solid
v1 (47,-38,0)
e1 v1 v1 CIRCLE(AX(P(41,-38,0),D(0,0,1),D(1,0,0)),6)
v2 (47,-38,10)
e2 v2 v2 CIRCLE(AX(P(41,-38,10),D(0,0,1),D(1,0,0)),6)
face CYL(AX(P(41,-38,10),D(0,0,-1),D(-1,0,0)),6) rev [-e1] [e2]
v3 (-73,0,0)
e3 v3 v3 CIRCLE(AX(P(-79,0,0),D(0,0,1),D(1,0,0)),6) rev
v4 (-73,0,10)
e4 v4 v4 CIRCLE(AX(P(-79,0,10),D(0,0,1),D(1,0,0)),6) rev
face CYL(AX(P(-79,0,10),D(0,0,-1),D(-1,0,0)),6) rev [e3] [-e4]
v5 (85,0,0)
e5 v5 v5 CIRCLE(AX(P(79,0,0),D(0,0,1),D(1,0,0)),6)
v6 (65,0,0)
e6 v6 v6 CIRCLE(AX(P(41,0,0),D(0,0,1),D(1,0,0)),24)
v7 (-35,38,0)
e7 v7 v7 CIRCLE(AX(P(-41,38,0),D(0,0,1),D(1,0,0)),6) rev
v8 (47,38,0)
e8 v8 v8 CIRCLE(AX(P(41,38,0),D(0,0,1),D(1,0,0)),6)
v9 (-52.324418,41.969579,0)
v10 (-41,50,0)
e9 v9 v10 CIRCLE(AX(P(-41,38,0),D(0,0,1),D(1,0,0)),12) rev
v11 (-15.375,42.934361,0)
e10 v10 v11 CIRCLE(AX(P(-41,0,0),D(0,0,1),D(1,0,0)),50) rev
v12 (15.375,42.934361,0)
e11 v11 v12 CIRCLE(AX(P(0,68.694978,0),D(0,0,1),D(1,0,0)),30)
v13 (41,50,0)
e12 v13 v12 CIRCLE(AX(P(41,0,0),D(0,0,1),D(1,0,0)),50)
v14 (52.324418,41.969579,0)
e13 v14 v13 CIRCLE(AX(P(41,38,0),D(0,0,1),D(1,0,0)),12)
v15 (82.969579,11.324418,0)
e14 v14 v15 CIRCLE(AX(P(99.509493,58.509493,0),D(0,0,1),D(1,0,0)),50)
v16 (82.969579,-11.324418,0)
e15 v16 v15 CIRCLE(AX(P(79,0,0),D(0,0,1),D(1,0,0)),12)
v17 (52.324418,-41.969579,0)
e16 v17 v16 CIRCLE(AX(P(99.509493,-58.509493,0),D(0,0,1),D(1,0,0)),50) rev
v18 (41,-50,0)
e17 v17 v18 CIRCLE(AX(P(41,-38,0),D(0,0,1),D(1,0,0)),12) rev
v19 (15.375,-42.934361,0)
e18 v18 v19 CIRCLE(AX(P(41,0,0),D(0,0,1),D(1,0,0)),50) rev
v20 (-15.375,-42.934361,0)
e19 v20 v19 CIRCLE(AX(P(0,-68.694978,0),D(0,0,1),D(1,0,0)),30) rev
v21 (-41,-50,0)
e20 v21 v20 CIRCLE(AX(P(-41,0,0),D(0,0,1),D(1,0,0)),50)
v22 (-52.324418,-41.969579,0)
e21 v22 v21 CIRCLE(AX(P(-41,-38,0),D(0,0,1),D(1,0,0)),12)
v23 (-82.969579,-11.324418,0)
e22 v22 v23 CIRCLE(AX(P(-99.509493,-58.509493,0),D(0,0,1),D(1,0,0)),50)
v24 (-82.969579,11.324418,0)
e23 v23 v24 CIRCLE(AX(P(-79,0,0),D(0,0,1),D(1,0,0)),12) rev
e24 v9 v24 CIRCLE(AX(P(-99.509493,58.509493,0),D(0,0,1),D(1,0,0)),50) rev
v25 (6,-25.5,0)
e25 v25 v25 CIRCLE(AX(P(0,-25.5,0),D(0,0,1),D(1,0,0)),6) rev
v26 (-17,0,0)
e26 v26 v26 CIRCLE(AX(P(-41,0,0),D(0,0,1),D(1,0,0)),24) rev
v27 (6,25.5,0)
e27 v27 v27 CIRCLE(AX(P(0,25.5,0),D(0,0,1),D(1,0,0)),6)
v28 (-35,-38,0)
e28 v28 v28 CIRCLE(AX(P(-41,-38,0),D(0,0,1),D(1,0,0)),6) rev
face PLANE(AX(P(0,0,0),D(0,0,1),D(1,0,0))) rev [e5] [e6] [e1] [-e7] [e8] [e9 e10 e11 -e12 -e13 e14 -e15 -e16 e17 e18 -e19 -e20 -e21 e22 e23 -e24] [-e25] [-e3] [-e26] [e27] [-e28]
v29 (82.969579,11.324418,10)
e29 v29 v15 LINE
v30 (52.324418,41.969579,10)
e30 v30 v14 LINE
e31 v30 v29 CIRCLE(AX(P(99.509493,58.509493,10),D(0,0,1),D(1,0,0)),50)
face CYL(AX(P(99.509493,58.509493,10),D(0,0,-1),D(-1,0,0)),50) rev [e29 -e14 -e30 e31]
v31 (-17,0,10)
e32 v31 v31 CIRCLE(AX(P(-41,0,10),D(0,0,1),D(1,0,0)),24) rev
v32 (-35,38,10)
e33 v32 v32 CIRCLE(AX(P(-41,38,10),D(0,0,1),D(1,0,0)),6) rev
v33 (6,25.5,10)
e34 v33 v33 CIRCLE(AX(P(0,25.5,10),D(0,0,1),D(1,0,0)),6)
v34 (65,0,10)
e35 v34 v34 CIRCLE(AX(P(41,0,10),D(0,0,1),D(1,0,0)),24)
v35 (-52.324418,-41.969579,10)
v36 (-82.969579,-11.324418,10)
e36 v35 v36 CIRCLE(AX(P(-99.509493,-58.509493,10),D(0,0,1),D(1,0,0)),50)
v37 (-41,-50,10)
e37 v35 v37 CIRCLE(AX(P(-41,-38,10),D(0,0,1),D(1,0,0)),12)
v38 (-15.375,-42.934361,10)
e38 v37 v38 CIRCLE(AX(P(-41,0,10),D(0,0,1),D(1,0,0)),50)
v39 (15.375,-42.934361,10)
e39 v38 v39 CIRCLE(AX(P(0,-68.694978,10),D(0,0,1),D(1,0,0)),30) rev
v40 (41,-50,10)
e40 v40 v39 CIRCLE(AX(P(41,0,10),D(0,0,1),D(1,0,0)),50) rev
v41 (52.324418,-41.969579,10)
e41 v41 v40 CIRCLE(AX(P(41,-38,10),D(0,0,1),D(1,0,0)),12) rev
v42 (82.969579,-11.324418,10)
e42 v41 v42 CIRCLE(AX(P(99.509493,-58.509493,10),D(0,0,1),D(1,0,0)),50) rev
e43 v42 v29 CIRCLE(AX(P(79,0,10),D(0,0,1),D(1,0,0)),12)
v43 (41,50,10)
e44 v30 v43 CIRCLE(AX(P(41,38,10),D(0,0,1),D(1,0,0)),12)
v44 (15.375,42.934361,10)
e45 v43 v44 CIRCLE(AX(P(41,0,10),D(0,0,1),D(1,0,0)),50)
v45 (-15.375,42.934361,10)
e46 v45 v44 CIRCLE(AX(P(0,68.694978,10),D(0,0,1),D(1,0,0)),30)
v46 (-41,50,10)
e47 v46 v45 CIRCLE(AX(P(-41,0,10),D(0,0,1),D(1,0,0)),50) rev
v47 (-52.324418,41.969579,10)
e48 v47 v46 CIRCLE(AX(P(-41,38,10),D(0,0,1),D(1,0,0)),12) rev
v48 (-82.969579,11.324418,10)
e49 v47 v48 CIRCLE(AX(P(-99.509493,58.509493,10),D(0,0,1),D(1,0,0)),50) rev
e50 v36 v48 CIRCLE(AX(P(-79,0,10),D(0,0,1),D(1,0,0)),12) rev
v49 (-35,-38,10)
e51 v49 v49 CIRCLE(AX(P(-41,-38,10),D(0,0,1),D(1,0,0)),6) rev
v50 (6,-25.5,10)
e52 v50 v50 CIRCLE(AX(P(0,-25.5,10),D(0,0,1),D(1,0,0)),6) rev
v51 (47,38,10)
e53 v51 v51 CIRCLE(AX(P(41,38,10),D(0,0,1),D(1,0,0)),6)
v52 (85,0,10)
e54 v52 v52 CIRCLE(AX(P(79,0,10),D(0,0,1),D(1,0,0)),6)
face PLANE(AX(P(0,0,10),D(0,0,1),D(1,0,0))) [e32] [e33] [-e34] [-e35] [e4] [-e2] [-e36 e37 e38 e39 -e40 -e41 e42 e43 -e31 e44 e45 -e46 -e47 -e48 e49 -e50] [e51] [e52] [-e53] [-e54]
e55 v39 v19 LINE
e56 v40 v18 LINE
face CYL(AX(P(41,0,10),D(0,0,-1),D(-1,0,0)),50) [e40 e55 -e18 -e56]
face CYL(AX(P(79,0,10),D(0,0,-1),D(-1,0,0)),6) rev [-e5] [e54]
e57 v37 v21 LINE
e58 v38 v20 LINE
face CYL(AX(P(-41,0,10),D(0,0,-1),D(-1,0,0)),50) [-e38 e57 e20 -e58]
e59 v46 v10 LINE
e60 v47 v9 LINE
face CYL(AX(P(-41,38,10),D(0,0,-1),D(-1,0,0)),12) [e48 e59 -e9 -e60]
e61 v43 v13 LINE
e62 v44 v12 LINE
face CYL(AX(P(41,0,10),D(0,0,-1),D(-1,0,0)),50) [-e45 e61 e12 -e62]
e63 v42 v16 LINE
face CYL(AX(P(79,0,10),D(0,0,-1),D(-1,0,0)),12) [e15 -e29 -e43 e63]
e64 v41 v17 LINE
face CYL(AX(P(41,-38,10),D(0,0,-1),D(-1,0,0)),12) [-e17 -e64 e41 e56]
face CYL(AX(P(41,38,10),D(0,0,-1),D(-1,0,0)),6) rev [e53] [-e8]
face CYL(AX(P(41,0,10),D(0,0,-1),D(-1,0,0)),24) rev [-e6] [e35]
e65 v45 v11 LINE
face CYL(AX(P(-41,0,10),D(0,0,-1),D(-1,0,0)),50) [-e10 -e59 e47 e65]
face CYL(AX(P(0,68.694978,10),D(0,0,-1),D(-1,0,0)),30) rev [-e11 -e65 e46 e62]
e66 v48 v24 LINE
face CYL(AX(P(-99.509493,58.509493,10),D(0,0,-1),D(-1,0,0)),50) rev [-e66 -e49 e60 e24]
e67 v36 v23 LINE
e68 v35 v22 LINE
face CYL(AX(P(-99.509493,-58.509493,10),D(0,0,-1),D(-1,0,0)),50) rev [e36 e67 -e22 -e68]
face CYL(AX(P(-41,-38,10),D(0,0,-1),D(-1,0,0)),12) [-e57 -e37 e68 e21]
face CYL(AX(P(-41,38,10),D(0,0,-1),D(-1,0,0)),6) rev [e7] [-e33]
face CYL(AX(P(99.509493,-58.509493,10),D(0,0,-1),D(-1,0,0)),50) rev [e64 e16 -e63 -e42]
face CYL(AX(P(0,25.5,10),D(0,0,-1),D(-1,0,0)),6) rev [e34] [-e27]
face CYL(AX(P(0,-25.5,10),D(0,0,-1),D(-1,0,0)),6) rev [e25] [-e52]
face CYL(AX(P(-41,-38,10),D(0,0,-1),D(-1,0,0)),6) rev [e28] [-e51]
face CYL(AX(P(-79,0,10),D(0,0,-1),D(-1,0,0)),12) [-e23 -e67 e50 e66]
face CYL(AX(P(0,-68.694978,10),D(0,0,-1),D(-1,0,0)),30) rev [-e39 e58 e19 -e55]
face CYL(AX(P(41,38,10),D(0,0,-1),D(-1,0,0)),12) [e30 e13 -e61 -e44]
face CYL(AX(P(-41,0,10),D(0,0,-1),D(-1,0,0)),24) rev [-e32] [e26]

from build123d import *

# Parameters (mm, degrees)
SKETCH_1_R      = 6
SKETCH_1_R_2    = 24
EXTRUDE_1_DEPTH = 10


with BuildPart() as part:
    # Эскиз1 → Бобышка-Вытянуть1 (new body)
    with BuildSketch(Plane.XY):
        with BuildLine():
            ThreePointArc((-41, 50), (-27.709365364, 48.201234745), (-15.375, 42.934361239))
            ThreePointArc((-15.375, 42.934361239), (0, 38.694977982), (15.375, 42.934361239))
            ThreePointArc((15.375, 42.934361239), (27.709365364, 48.201234745), (41, 50))
            ThreePointArc((41, 50), (47.941363325, 47.78864011), (52.324417909, 41.969579199))
            ThreePointArc((52.324417909, 41.969579199), (64.154153471, 23.154153471), (82.969579199, 11.324417909))
            ThreePointArc((82.969579199, 11.324417909), (91, 0), (82.969579199, -11.324417909))
            ThreePointArc((82.969579199, -11.324417909), (64.154153471, -23.154153471), (52.324417909, -41.969579199))
            ThreePointArc((52.324417909, -41.969579199), (47.941363325, -47.78864011), (41, -50))
            ThreePointArc((41, -50), (27.709365364, -48.201234745), (15.375, -42.934361239))
            ThreePointArc((15.375, -42.934361239), (0, -38.694977982), (-15.375, -42.934361239))
            ThreePointArc((-15.375, -42.934361239), (-27.709365364, -48.201234745), (-41, -50))
            ThreePointArc((-41, -50), (-47.941363325, -47.78864011), (-52.324417909, -41.969579199))
            ThreePointArc((-52.324417909, -41.969579199), (-64.154153471, -23.154153471), (-82.969579199, -11.324417909))
            ThreePointArc((-82.969579199, -11.324417909), (-91, 0), (-82.969579199, 11.324417909))
            ThreePointArc((-82.969579199, 11.324417909), (-64.154153471, 23.154153471), (-52.324417909, 41.969579199))
            ThreePointArc((-52.324417909, 41.969579199), (-47.941363325, 47.78864011), (-41, 50))
        make_face()
        with Locations((-79, 0)):
            Circle(SKETCH_1_R, mode=Mode.SUBTRACT)
        with Locations((-41, 0)):
            Circle(SKETCH_1_R_2, mode=Mode.SUBTRACT)
        with Locations((41, 0)):
            Circle(SKETCH_1_R_2, mode=Mode.SUBTRACT)
        with Locations((79, 0)):
            Circle(SKETCH_1_R, mode=Mode.SUBTRACT)
        with Locations((41, -38)):
            Circle(SKETCH_1_R, mode=Mode.SUBTRACT)
        with Locations((41, 38)):
            Circle(SKETCH_1_R, mode=Mode.SUBTRACT)
        with Locations((0, 25.5)):
            Circle(SKETCH_1_R, mode=Mode.SUBTRACT)
        with Locations((0, -25.5)):
            Circle(SKETCH_1_R, mode=Mode.SUBTRACT)
        with Locations((-41, -38)):
            Circle(SKETCH_1_R, mode=Mode.SUBTRACT)
        with Locations((-41, 38)):
            Circle(SKETCH_1_R, mode=Mode.SUBTRACT)
    extrude(amount=EXTRUDE_1_DEPTH)


solid = part.part
